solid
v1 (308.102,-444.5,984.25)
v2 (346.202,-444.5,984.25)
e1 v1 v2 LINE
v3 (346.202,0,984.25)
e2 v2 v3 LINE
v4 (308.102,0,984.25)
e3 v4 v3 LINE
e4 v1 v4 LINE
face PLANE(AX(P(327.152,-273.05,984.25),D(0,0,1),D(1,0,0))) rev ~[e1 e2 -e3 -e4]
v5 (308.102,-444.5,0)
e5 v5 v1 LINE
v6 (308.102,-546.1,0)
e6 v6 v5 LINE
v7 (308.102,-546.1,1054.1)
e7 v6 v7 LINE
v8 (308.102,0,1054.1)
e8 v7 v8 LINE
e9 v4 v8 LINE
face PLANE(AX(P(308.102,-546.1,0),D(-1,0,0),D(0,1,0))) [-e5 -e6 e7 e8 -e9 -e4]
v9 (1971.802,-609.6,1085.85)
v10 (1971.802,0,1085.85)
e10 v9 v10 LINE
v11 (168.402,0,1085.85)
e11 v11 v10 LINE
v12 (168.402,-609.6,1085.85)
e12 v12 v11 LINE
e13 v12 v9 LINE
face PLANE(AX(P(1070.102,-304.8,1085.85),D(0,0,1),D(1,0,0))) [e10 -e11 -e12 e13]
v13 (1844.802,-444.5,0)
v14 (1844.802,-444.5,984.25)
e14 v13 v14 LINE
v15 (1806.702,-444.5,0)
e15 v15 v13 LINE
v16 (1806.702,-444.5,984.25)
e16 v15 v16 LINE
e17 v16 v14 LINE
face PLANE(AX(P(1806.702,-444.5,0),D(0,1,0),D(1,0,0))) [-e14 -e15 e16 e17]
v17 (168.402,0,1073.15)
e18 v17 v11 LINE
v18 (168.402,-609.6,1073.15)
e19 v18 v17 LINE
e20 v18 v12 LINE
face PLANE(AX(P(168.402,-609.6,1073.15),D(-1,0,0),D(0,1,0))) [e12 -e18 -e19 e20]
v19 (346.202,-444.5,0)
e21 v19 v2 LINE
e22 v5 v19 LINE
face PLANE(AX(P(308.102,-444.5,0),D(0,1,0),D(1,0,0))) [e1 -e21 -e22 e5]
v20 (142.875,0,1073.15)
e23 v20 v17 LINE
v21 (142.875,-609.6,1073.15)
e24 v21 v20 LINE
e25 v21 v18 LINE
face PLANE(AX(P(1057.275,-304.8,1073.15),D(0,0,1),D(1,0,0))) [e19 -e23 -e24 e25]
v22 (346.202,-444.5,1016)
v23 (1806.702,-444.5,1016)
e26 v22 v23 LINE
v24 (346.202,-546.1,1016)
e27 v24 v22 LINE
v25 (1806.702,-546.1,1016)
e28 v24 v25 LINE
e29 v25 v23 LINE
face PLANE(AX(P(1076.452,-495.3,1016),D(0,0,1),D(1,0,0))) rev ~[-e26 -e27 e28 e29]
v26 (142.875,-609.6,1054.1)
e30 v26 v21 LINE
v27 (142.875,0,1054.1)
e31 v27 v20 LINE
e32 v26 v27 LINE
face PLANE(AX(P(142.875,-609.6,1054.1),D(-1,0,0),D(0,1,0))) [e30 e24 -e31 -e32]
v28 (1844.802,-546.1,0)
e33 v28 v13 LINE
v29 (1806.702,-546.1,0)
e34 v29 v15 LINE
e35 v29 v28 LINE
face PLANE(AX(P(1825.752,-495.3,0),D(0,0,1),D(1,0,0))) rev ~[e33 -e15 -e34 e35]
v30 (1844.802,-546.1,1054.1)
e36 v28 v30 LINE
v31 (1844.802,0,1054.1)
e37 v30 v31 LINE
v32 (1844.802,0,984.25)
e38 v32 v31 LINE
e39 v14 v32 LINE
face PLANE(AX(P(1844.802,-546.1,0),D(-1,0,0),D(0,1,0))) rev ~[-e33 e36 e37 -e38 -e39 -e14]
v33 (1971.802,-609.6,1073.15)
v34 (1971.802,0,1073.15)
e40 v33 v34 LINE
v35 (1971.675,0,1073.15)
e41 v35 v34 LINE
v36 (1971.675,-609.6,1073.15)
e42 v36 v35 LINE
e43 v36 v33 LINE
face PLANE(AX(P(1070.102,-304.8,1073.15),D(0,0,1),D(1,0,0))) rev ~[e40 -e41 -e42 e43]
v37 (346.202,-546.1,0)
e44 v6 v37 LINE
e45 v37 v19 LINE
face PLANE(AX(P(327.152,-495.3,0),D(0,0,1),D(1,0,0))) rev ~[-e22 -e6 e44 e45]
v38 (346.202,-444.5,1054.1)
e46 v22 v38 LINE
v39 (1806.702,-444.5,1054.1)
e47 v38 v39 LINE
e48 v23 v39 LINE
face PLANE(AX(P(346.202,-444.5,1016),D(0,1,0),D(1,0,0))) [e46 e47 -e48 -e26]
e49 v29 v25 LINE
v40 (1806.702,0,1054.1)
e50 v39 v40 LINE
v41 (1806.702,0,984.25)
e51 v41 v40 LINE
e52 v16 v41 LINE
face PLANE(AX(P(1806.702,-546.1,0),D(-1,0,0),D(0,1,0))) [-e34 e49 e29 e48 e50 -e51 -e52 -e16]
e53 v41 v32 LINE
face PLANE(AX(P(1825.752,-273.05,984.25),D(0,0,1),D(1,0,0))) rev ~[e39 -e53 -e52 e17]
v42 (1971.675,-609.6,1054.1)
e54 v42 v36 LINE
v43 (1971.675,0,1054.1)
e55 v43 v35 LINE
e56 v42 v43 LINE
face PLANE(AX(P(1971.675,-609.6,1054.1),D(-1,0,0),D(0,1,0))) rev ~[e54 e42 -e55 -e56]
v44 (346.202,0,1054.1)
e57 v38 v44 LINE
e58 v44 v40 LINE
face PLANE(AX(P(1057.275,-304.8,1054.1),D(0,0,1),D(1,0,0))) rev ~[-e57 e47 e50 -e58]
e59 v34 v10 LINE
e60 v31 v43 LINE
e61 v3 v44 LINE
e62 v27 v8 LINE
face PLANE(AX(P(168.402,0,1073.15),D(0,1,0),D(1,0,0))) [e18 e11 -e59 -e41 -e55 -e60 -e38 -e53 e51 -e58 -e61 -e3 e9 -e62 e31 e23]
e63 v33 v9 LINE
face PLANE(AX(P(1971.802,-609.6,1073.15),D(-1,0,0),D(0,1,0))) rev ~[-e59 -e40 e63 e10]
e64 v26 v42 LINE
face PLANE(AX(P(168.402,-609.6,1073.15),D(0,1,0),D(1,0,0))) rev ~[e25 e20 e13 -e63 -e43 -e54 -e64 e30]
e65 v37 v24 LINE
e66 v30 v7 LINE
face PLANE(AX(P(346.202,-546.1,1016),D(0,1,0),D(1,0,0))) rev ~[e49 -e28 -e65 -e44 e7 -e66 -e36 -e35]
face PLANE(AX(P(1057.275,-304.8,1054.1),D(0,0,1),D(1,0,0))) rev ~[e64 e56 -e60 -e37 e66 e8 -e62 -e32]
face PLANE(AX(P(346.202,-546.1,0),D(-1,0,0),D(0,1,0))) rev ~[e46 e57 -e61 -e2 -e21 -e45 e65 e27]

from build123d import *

# Parameters (mm, degrees)
BOX011_W     = 38.1
BOX011_H     = 546.1
BOX011_DEPTH = 69.85
BOX010_W     = 38.1
BOX010_H     = 101.6
BOX010_DEPTH = 1054.1
BOX013_W     = 38.1
BOX013_H     = 546.1
BOX013_DEPTH = 69.85
BOX012_W     = 38.1
BOX012_H     = 101.6
BOX012_DEPTH = 1054.1
BOX014_W     = 1460.5
BOX014_H     = 101.6
BOX014_DEPTH = 38.1
BOX009_W     = 1803.4
BOX009_H     = 609.6
BOX009_DEPTH = 12.7
BOX008_W     = 1828.8
BOX008_H     = 609.6
BOX008_DEPTH = 19.05


with BuildPart() as cube005:
    # Box011 → Box011 (new body)
    with BuildSketch(Plane(origin=(308.102, -546.1, 984.25), x_dir=(1, 0, 0), z_dir=(0, 0, 1))):
        with Locations((19.05, 273.05)):
            Rectangle(BOX011_W, BOX011_H)
    extrude(amount=BOX011_DEPTH)


with BuildPart() as tableleg:
    # Box010 → Box010 (new body)
    with BuildSketch(Plane(origin=(308.102, -546.1, 0), x_dir=(1, 0, 0), z_dir=(0, 0, 1))):
        with Locations((19.05, 50.8)):
            Rectangle(BOX010_W, BOX010_H)
    extrude(amount=BOX010_DEPTH)

    # Fusion002: union Cube005
    add(cube005.part)


with BuildPart() as cube007:
    # Box013 → Box013 (new body)
    with BuildSketch(Plane(origin=(1806.702, -546.1, 984.25), x_dir=(1, 0, 0), z_dir=(0, 0, 1))):
        with Locations((19.05, 273.05)):
            Rectangle(BOX013_W, BOX013_H)
    extrude(amount=BOX013_DEPTH)


with BuildPart() as tableleg2:
    # Box012 → Box012 (new body)
    with BuildSketch(Plane(origin=(1806.702, -546.1, 0), x_dir=(1, 0, 0), z_dir=(0, 0, 1))):
        with Locations((19.05, 50.8)):
            Rectangle(BOX012_W, BOX012_H)
    extrude(amount=BOX012_DEPTH)

    # Fusion003: union Cube007
    add(cube007.part)


with BuildPart() as cube008:
    # Box014 → Box014 (new body)
    with BuildSketch(Plane(origin=(346.202, -546.1, 1016), x_dir=(1, 0, 0), z_dir=(0, 0, 1))):
        with Locations((730.25, 50.8)):
            Rectangle(BOX014_W, BOX014_H)
    extrude(amount=BOX014_DEPTH)


with BuildPart() as cube003:
    # Box009 → Box009 (new body)
    with BuildSketch(Plane(origin=(168.402, -609.6, 1073.15), x_dir=(1, 0, 0), z_dir=(0, 0, 1))):
        with Locations((901.7, 304.8)):
            Rectangle(BOX009_W, BOX009_H)
    extrude(amount=BOX009_DEPTH)


with BuildPart() as table:
    # Box008 → Box008 (new body)
    with BuildSketch(Plane(origin=(142.875, -609.6, 1054.1), x_dir=(1, 0, 0), z_dir=(0, 0, 1))):
        with Locations((914.4, 304.8)):
            Rectangle(BOX008_W, BOX008_H)
    extrude(amount=BOX008_DEPTH)

    # Fusion: union Cube003
    add(cube003.part)

    # Fusion004: union TableLeg, TableLeg2, Cube008
    add(tableleg.part)
    add(tableleg2.part)
    add(cube008.part)


solid = table.part
